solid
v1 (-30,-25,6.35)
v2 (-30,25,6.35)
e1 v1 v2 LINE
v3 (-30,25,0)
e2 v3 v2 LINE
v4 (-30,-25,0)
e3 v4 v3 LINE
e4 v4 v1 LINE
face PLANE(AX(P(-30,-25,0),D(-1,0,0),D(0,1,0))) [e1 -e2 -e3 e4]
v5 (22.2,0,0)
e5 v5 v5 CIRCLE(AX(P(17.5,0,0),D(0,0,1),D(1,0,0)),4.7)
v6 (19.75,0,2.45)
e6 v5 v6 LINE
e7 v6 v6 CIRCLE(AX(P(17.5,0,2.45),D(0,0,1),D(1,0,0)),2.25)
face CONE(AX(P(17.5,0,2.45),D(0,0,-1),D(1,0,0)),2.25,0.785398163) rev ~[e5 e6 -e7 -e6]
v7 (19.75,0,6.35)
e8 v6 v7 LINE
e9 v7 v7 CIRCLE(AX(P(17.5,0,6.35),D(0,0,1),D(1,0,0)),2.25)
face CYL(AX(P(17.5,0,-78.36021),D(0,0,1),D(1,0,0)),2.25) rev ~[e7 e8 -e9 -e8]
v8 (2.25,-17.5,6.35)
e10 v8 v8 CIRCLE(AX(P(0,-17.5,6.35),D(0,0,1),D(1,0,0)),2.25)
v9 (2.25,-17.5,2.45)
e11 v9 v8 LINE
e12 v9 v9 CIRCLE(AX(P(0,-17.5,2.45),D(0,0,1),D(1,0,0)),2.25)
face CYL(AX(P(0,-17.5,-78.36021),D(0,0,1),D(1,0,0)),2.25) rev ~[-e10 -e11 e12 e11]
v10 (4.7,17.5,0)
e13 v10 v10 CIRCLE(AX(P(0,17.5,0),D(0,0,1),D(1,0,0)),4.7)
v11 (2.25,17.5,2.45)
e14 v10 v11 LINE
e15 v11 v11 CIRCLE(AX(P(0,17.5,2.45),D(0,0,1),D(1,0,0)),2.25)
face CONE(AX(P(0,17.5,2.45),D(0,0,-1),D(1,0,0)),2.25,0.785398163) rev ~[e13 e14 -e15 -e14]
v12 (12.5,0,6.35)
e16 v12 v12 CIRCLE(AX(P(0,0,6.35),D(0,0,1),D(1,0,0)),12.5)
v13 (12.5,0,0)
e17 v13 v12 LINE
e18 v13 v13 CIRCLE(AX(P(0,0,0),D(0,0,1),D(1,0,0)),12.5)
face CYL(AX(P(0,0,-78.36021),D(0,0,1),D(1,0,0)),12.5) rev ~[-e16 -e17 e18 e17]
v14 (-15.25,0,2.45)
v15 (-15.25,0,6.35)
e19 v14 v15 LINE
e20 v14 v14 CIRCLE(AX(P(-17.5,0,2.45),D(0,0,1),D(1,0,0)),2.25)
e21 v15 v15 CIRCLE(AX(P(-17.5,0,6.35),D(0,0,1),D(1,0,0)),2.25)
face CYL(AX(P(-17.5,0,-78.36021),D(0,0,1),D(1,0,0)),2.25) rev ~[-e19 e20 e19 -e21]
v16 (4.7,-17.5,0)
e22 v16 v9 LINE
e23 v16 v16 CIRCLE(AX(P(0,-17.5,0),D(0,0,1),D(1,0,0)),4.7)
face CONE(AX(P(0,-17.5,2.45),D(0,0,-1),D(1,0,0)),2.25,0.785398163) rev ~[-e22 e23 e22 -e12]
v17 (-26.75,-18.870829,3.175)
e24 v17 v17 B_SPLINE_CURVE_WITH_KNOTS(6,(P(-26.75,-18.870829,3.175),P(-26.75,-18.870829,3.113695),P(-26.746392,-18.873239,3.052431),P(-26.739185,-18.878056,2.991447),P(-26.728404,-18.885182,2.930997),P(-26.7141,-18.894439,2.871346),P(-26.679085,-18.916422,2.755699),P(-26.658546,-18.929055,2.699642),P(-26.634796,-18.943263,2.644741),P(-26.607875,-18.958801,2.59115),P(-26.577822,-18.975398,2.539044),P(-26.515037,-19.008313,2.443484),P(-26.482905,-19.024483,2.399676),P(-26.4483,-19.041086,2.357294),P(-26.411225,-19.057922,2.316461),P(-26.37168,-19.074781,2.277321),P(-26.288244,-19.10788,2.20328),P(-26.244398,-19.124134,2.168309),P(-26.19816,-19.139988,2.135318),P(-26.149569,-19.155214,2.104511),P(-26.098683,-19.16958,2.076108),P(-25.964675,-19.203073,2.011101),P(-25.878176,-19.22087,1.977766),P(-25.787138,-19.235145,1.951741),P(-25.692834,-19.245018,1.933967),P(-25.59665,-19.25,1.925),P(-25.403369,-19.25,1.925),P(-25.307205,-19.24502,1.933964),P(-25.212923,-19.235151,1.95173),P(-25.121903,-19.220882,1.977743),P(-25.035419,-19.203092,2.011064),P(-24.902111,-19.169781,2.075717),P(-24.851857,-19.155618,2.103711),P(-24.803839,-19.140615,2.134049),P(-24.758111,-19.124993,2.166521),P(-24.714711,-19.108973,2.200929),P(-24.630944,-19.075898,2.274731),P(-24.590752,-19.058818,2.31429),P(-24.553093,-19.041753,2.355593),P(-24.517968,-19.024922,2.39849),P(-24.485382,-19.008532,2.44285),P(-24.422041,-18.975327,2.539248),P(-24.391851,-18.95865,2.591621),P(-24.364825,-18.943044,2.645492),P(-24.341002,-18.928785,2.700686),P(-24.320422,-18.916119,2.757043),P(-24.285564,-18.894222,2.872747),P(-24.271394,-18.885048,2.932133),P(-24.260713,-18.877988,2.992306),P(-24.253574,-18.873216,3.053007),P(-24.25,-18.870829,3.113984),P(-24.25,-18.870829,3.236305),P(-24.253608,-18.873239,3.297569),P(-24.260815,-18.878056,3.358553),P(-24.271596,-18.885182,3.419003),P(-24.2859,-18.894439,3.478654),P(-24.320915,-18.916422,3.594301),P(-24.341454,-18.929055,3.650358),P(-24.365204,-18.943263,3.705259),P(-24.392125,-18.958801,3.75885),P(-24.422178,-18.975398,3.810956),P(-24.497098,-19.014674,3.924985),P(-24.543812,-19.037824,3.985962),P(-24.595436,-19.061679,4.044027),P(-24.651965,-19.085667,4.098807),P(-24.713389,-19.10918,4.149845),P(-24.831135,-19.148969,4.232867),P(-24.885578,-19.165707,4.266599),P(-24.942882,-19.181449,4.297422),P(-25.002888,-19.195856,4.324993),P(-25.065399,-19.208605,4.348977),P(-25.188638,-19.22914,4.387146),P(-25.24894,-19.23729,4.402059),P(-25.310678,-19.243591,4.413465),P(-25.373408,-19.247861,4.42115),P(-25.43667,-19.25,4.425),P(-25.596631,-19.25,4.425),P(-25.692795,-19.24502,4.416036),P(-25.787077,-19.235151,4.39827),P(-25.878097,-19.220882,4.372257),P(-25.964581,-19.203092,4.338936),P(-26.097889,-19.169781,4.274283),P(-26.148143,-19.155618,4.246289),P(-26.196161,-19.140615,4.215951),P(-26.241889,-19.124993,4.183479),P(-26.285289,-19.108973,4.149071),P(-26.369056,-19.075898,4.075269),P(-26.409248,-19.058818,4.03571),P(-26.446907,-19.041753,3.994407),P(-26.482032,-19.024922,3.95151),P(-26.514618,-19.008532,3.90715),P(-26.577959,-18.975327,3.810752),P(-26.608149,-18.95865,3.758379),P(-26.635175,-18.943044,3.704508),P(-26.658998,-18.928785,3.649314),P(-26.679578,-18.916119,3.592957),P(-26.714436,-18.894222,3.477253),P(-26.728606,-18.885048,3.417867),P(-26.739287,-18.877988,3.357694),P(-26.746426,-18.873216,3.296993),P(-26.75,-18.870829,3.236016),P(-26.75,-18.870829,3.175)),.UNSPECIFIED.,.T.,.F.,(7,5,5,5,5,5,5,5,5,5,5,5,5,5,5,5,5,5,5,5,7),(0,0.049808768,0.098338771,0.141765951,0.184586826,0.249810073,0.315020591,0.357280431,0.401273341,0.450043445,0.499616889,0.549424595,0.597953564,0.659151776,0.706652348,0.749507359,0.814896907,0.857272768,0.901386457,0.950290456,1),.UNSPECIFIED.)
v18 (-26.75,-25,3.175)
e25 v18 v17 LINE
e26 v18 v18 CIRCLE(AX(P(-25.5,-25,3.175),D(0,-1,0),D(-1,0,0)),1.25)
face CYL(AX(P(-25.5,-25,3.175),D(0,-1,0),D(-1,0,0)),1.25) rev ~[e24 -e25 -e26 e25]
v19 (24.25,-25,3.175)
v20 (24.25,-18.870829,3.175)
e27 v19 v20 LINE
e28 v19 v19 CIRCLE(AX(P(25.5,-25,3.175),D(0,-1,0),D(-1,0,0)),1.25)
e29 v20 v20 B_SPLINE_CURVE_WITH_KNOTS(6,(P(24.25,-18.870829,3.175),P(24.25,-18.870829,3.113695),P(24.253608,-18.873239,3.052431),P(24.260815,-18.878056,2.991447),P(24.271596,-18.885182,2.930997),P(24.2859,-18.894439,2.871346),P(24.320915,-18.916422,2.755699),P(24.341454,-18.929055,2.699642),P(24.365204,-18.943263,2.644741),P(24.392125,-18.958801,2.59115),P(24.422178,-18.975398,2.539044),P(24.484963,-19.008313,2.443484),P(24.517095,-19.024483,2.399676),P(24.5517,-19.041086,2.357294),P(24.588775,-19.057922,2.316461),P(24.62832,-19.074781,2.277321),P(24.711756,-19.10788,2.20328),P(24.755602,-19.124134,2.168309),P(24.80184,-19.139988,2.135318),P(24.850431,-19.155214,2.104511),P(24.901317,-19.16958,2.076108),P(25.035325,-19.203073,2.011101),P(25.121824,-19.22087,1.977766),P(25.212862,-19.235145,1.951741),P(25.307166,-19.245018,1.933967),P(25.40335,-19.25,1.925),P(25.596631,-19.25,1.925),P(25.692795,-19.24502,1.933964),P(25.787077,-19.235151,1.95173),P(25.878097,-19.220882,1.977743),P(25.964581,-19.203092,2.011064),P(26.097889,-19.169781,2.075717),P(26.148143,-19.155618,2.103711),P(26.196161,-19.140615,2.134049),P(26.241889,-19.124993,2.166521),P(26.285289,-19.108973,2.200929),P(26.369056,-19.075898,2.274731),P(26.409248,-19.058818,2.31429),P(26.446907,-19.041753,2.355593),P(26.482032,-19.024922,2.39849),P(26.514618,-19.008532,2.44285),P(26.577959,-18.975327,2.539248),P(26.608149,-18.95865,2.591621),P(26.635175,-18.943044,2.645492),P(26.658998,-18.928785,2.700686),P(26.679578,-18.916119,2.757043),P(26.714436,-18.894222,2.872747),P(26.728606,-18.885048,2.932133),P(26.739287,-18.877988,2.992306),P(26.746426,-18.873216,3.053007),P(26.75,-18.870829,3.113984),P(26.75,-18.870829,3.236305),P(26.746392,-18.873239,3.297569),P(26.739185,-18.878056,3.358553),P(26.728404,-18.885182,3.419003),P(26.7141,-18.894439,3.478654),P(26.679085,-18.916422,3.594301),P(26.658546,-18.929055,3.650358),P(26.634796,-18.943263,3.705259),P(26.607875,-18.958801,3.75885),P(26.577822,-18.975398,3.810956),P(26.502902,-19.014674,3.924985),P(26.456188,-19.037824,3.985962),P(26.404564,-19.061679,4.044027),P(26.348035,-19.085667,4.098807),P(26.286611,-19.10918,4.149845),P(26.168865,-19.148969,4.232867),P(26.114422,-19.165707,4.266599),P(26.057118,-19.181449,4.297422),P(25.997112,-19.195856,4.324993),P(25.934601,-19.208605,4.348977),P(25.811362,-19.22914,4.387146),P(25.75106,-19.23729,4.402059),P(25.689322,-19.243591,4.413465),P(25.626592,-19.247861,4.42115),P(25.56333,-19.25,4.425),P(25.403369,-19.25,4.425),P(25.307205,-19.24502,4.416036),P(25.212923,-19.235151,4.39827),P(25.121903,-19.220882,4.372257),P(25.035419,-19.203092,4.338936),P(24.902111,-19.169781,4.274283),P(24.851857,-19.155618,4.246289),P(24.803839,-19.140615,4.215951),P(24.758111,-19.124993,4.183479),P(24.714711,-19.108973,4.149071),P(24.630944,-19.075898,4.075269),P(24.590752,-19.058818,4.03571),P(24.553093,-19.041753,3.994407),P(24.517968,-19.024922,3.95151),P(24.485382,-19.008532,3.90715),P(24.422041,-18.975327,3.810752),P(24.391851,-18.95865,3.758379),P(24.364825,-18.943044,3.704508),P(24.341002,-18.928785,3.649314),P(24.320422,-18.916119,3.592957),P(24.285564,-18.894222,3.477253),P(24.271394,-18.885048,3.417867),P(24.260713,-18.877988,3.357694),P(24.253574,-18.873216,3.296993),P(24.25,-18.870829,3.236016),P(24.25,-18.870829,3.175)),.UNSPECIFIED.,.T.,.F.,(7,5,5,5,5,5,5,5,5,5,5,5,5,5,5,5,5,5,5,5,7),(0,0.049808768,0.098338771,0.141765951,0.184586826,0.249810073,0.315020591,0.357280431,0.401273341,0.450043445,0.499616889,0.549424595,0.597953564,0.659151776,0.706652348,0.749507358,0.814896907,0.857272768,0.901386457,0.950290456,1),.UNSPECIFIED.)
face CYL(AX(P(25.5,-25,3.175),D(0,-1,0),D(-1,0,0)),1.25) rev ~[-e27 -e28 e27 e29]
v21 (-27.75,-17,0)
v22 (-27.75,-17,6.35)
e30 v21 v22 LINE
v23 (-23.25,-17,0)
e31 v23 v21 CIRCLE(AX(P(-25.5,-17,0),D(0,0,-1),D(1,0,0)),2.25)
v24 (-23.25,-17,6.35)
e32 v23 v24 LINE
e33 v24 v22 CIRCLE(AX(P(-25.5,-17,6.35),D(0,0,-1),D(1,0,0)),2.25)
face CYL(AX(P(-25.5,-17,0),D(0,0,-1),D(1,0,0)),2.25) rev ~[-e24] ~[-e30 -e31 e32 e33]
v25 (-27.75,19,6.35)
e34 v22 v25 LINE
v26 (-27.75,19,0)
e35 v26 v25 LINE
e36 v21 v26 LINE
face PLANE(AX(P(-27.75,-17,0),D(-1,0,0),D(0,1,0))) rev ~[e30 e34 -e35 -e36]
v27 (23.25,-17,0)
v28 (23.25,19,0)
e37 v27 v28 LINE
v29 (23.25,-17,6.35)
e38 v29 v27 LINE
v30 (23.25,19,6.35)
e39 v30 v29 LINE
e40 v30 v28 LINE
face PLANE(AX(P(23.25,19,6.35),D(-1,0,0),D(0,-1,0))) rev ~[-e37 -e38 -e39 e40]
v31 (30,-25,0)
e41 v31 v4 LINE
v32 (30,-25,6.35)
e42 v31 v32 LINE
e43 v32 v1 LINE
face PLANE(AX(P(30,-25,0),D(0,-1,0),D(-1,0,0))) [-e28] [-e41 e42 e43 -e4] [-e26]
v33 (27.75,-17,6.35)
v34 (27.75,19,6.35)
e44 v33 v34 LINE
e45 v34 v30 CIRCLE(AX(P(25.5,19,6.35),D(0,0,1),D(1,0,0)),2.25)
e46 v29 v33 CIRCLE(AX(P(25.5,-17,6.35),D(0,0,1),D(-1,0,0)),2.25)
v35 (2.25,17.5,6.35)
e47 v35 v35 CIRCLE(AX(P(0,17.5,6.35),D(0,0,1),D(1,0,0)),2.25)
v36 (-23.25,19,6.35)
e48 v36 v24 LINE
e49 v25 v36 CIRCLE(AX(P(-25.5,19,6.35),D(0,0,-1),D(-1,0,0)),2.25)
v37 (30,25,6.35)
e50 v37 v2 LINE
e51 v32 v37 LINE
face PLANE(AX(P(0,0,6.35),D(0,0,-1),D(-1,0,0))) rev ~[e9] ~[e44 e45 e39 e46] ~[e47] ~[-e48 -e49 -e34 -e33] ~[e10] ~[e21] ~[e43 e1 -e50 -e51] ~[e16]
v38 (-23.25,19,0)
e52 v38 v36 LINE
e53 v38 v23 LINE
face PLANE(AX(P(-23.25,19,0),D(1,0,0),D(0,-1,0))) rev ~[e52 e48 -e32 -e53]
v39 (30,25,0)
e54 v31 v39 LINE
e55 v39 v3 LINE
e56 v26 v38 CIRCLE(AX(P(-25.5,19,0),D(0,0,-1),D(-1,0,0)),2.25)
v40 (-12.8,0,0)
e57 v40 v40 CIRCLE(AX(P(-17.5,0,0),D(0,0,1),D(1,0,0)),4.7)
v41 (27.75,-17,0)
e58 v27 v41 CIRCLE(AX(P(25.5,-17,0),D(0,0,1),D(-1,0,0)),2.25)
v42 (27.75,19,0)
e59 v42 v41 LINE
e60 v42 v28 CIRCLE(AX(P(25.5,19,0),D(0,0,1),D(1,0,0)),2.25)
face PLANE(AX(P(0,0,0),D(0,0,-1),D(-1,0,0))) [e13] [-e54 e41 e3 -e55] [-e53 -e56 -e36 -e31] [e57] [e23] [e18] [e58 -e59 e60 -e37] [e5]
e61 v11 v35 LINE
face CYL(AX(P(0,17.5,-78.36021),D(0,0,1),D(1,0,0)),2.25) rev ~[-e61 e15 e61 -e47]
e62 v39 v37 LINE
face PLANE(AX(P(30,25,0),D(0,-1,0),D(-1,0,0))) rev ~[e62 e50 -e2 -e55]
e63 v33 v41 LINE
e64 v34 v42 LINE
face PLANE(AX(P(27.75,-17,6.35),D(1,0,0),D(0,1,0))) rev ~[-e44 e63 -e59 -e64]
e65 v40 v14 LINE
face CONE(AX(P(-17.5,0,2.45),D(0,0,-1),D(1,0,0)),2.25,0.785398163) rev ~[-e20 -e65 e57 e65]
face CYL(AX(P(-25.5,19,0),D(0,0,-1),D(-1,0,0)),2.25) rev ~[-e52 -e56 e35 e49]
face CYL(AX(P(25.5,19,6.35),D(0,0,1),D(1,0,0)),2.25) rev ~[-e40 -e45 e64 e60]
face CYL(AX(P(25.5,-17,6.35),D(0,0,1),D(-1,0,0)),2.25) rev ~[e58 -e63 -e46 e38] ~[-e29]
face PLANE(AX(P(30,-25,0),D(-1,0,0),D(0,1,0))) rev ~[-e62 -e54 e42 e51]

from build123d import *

# Parameters (mm, degrees)
SKETCH1_W                  = 60
SKETCH1_H                  = 50
BOSS_EXTRUDE1_DEPTH        = 6.35
CUT_EXTRUDE1_DEPTH         = 40.564156758
CUT_EXTRUDE2_DEPTH         = 40.564156758
HOLE1_D                    = 25
F_8_CLEARANCE_HOLE1_D      = 4.5
F_2_CLEARANCE_HOLE1_REACH  = 60.654
F_2_CLEARANCE_HOLE1_BORE_R = 1.25
CHAMFER1_SIZE              = 2.45


with BuildPart() as part:
    # Sketch1 → Boss-Extrude1 (new body)
    with BuildSketch(Plane(origin=(0, 0, 0), x_dir=(-1, 0, 0), z_dir=(0, 0, -1))):
        Rectangle(SKETCH1_W, SKETCH1_H)
    extrude(amount=-BOSS_EXTRUDE1_DEPTH)

    # Sketch2 → Cut-Extrude1 (cut, through all)
    with BuildSketch(Plane(origin=(0, 0, 0), x_dir=(-1, 0, 0), z_dir=(0, 0, -1))):
        with BuildLine():
            Line((23.25, 19), (23.25, -17))
            ThreePointArc((23.25, -17), (25.5, -19.25), (27.75, -17))
            Line((27.75, -17), (27.75, 19))
            ThreePointArc((27.75, 19), (25.5, 21.25), (23.25, 19))
        make_face()
    extrude(amount=-CUT_EXTRUDE1_DEPTH, mode=Mode.SUBTRACT)

    # Sketch3 → Cut-Extrude2 (cut, through all)
    with BuildSketch(Plane.XY.offset(6.35)):
        with BuildLine():
            Line((27.75, -17), (27.75, 19))
            ThreePointArc((27.75, 19), (25.5, 21.25), (23.25, 19))
            Line((23.25, 19), (23.25, -17))
            ThreePointArc((23.25, -17), (25.5, -19.25), (27.75, -17))
        make_face()
    extrude(amount=-CUT_EXTRUDE2_DEPTH, mode=Mode.SUBTRACT)

    # Hole1 (through all)
    with Locations(Plane(origin=(0, 0, 0), x_dir=(-1, 0, 0), z_dir=(0, 0, -1))):
        with Locations((0, 0)):
            Hole(HOLE1_D / 2)

    # #8 Clearance Hole1 (through all)
    with Locations(Plane(origin=(0, 0, 0), x_dir=(-1, 0, 0), z_dir=(0, 0, -1))):
        with Locations((0, 17.5), (17.5, 0), (0, -17.5), (-17.5, 0)):
            Hole(F_8_CLEARANCE_HOLE1_D / 2)

    # #2 Clearance Hole1 bore → #2 Clearance Hole1 (cut, up to next)
    with BuildSketch(Plane(origin=(0, -25, 0), x_dir=(-1, 0, 0), z_dir=(0, -1, 0)), mode=Mode.PRIVATE) as f_2_clearance_hole1_sk1:
        with Locations((-25.5, -3.175)):
            Circle(F_2_CLEARANCE_HOLE1_BORE_R)
    f_2_clearance_hole1_tool1 = extrude(f_2_clearance_hole1_sk1.sketch, amount=-F_2_CLEARANCE_HOLE1_REACH, mode=Mode.PRIVATE) & part.part
    # #2 Clearance Hole1 bore → #2 Clearance Hole1 (cut, up to next)
    with BuildSketch(Plane(origin=(0, -25, 0), x_dir=(-1, 0, 0), z_dir=(0, -1, 0)), mode=Mode.PRIVATE) as f_2_clearance_hole1_sk2:
        with Locations((25.5, -3.175)):
            Circle(F_2_CLEARANCE_HOLE1_BORE_R)
    f_2_clearance_hole1_tool2 = extrude(f_2_clearance_hole1_sk2.sketch, amount=-F_2_CLEARANCE_HOLE1_REACH, mode=Mode.PRIVATE) & part.part
    add(f_2_clearance_hole1_tool1.solids().sort_by_distance((25.5, -25, 3.175))[0], mode=Mode.SUBTRACT)
    add(f_2_clearance_hole1_tool2.solids().sort_by_distance((-25.5, -25, 3.175))[0], mode=Mode.SUBTRACT)

    # Chamfer1
    chamfer1_edges = [part.edges().sort_by_distance(p)[0] for p in [
        (15.25, 0, 0),
        (-2.25, -17.5, 0),
        (-19.75, 0, 0),
        (-2.25, 17.5, 0),
    ]]
    chamfer(chamfer1_edges, length=CHAMFER1_SIZE)


solid = part.part
